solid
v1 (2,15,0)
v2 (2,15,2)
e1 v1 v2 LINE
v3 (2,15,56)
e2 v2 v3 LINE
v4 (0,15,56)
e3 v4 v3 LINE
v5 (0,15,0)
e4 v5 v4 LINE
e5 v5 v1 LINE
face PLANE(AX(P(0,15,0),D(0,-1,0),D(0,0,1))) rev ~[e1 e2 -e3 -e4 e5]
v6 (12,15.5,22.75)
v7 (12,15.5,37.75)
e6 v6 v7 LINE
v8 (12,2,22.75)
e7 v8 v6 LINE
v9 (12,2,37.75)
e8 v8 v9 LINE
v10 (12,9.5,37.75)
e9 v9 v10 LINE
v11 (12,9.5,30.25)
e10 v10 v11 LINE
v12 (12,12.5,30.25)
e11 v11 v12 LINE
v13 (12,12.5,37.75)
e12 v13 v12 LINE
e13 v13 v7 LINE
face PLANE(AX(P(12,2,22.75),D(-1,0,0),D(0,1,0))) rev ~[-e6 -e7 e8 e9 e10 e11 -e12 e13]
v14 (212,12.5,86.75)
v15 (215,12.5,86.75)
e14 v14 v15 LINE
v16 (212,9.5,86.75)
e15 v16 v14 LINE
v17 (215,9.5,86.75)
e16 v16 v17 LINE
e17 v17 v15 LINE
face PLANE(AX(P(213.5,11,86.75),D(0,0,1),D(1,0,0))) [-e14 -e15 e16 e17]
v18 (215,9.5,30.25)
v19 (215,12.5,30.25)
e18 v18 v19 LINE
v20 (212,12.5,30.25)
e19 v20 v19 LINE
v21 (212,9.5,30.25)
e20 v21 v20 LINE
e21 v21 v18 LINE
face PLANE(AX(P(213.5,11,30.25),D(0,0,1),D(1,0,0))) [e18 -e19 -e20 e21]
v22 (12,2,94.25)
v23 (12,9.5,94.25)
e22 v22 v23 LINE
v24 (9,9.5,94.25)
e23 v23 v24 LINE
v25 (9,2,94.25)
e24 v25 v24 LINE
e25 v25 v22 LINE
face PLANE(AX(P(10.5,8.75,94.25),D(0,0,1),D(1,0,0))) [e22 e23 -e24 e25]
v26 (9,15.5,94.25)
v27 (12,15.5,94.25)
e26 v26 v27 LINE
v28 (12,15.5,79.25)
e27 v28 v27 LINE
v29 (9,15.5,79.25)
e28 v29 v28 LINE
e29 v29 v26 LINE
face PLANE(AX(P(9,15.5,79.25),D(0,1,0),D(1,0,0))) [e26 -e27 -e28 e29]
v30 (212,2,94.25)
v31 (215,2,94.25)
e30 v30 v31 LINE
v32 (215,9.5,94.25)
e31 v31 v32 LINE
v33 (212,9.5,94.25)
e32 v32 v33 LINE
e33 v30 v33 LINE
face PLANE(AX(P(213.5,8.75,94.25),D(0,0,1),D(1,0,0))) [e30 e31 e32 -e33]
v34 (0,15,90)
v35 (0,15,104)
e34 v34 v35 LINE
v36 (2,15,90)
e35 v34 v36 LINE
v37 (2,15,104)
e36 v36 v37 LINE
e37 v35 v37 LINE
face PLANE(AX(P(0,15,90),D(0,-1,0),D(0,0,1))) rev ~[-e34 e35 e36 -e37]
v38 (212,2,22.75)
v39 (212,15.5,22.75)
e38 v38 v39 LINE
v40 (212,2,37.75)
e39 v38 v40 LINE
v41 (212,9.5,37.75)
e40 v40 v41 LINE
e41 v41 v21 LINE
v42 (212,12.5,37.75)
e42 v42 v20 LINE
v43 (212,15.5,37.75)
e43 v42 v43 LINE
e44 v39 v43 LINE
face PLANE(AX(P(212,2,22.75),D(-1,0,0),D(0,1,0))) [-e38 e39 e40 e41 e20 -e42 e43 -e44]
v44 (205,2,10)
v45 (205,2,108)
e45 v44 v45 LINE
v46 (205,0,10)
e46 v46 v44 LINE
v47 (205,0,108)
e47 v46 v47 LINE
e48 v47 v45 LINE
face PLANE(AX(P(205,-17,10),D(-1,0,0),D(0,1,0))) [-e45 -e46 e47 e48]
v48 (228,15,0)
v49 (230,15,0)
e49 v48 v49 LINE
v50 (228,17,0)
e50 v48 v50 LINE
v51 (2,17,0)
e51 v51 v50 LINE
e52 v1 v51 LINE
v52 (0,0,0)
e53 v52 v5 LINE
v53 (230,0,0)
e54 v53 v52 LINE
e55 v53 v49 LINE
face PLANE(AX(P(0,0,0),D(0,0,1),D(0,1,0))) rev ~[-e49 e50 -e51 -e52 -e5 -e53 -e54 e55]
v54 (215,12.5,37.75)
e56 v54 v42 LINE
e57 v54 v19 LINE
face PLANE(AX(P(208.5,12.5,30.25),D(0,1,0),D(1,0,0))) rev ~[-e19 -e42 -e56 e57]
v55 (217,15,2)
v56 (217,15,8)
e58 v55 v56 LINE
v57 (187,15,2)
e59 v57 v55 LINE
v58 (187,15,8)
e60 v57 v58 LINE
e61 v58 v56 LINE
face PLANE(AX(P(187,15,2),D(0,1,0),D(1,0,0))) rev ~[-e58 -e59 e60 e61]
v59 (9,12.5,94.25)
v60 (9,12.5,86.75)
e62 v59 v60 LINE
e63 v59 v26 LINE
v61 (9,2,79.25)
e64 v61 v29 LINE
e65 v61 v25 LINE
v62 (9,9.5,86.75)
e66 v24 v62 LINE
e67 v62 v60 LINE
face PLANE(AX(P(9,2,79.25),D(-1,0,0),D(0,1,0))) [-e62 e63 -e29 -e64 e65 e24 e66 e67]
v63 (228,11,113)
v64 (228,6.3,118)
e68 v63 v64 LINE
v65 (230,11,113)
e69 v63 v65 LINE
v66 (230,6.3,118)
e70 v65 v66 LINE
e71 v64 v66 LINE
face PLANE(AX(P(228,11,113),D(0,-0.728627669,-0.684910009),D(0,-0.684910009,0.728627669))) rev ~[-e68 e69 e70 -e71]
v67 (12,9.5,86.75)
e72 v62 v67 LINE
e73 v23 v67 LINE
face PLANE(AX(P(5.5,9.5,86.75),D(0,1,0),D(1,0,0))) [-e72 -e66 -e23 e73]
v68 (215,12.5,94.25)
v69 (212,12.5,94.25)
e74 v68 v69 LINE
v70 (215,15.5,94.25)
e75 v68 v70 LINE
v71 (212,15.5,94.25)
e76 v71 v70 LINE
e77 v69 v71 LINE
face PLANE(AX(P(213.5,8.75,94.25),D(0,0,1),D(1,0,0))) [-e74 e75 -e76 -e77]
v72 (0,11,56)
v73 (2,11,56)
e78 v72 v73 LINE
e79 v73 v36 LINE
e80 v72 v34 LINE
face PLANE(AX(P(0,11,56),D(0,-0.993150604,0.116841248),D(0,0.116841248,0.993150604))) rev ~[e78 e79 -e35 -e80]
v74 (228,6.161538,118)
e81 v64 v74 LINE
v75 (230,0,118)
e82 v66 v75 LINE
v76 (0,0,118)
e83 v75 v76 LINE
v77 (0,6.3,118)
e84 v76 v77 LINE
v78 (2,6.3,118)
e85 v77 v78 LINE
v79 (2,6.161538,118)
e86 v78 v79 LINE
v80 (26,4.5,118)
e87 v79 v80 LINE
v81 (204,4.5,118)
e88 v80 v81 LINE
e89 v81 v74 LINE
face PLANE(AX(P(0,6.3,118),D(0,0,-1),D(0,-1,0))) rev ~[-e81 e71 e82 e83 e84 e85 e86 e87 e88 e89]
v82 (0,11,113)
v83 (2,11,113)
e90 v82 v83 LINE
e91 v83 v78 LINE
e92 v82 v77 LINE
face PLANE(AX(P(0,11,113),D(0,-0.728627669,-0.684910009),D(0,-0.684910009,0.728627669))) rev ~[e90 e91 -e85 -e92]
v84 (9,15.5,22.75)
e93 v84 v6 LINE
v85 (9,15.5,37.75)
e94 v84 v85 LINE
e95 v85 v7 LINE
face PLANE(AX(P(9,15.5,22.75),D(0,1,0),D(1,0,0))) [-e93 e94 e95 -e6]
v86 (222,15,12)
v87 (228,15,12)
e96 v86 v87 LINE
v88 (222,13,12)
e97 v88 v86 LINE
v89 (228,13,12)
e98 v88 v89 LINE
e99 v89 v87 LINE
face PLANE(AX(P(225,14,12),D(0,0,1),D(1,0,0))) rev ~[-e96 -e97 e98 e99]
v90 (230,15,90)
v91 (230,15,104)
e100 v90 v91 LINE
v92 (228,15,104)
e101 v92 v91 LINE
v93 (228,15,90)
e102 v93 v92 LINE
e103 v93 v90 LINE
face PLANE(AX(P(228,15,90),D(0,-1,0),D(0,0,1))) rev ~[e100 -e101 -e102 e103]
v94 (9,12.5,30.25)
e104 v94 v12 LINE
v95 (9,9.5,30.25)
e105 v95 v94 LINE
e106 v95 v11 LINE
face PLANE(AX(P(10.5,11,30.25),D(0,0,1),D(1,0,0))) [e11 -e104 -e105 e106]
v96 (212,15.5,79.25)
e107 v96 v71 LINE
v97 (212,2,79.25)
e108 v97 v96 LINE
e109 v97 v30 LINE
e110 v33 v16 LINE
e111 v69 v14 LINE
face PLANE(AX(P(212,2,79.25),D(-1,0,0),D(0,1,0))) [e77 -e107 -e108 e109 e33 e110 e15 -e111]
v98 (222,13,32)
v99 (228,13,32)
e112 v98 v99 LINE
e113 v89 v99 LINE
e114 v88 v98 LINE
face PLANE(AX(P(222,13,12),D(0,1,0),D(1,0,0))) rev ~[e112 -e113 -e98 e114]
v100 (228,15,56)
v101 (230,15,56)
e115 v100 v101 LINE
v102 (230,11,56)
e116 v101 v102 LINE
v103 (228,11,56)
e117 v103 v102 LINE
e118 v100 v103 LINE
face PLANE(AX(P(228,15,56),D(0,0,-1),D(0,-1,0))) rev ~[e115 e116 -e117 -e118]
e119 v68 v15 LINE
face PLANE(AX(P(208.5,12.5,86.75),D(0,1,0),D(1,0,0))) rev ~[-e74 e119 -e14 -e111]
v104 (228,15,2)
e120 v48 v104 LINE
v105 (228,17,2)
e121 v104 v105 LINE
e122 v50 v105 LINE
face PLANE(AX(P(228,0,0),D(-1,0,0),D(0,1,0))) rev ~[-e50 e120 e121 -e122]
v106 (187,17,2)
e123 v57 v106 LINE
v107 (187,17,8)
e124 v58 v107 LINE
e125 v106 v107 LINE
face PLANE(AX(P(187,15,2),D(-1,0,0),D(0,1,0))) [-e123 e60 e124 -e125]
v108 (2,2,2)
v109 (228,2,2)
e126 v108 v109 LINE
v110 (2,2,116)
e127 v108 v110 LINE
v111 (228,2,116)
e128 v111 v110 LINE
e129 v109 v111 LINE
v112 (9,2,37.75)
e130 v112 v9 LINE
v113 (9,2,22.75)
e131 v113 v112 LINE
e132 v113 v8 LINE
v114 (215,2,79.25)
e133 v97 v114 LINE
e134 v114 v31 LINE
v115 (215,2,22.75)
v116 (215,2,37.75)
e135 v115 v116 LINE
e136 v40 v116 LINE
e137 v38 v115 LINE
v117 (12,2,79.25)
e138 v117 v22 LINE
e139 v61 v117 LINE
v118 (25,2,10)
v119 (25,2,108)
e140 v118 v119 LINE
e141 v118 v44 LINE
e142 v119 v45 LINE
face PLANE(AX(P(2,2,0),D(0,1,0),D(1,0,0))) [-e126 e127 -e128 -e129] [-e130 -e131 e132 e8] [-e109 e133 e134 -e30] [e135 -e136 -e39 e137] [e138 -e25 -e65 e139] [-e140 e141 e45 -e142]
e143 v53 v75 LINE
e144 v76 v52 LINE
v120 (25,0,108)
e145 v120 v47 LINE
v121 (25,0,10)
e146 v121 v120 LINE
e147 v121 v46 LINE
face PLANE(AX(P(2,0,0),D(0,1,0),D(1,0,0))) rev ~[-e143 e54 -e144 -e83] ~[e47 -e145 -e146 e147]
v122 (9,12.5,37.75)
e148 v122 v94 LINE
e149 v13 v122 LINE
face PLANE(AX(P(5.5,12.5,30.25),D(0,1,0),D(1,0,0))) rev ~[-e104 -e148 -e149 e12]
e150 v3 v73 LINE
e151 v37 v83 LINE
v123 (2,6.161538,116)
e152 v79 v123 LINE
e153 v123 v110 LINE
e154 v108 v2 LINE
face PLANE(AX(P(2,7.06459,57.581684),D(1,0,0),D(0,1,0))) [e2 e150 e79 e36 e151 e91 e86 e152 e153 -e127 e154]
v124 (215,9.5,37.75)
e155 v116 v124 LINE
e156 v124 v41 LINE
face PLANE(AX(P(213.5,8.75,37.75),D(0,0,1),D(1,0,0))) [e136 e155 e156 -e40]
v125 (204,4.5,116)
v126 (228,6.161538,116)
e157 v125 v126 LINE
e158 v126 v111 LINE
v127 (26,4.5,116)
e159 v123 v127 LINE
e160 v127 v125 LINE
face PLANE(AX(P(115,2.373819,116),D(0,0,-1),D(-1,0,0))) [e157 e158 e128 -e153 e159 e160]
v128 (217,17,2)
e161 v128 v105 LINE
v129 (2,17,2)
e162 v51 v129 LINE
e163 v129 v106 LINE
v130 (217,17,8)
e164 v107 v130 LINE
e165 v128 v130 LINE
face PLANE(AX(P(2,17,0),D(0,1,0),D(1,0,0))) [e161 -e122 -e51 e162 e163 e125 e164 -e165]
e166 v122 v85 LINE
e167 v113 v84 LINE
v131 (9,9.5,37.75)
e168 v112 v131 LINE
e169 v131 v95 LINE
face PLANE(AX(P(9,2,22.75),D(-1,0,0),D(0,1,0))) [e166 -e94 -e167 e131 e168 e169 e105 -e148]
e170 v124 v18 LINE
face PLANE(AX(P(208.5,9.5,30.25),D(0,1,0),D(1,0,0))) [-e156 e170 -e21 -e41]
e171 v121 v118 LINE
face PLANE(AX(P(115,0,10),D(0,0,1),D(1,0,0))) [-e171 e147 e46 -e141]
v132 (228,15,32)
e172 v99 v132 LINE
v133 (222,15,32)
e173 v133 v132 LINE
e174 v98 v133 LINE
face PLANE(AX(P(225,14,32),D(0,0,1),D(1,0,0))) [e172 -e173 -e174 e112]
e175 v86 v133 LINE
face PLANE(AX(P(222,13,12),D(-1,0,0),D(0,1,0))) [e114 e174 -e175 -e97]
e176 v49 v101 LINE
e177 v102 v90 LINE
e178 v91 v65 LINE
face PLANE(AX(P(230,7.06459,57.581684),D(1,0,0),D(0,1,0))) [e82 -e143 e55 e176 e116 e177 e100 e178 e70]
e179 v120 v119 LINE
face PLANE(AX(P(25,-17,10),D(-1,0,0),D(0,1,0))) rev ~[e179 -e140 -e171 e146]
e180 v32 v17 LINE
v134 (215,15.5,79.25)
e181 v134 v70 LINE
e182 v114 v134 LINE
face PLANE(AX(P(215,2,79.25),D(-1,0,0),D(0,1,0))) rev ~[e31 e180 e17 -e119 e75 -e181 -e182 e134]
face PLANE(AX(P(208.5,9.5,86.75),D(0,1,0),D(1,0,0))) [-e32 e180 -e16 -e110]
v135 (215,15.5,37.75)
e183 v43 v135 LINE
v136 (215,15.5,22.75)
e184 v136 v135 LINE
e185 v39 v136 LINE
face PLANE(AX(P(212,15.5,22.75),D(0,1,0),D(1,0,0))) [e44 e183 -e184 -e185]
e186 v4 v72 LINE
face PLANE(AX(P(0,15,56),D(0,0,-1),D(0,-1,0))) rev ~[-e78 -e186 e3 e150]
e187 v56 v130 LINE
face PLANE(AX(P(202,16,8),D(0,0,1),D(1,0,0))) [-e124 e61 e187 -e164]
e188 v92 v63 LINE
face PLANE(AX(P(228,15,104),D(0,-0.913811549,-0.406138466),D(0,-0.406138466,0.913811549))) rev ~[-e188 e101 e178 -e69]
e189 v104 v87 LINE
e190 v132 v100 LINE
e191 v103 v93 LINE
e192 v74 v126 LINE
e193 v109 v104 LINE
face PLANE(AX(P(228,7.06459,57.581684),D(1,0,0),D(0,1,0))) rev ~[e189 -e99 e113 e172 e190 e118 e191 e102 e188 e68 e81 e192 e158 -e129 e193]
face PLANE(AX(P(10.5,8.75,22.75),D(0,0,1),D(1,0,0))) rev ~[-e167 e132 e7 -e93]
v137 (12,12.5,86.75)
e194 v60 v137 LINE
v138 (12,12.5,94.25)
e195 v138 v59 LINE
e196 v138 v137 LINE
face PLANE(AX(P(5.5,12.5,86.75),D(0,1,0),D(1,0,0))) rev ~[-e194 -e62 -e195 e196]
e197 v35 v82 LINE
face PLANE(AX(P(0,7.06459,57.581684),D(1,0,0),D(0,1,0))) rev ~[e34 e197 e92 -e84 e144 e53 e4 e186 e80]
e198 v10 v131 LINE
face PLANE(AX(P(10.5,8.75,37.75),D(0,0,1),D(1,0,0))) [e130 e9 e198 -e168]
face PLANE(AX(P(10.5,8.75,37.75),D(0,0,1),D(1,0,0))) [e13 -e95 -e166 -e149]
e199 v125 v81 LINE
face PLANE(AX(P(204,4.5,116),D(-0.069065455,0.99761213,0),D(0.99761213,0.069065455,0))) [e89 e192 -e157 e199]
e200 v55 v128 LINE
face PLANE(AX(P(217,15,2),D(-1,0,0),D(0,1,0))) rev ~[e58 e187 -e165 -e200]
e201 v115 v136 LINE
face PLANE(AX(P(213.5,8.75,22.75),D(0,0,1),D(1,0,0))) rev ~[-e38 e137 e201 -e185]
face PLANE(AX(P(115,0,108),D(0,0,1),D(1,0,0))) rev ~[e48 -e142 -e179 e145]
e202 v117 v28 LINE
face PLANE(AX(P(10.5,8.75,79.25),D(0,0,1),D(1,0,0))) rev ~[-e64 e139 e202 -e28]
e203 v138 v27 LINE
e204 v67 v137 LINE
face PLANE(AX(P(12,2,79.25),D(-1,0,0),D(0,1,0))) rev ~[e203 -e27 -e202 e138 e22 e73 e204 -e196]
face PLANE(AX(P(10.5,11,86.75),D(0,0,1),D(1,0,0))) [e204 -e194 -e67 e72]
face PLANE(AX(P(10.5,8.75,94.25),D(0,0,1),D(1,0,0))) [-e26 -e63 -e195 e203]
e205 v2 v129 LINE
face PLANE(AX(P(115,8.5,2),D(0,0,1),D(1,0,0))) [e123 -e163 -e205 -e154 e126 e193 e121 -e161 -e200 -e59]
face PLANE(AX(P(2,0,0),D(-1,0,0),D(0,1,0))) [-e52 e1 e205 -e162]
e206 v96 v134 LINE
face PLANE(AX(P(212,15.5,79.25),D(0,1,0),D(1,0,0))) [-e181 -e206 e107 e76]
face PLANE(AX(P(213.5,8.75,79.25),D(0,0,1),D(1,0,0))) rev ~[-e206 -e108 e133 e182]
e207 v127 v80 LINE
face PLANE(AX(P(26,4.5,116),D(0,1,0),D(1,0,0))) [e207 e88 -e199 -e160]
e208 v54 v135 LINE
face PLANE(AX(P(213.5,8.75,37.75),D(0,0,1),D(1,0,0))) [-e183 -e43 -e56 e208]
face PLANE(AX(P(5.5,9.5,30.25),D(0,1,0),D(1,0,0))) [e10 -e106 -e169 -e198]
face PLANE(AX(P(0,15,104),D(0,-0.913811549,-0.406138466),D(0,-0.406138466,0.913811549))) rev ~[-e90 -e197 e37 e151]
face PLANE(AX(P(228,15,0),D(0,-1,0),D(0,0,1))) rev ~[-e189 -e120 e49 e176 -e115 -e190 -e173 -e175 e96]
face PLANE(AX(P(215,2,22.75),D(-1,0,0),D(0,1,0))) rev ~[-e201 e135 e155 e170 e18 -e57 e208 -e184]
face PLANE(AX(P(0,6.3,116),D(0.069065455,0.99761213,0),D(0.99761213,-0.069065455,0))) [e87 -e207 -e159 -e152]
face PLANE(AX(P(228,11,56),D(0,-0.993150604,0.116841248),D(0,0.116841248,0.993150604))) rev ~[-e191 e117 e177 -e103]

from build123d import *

# Parameters (mm, degrees)
EXTRUDE_DEPTH    = 2
EXTRUDE001_DEPTH = 2
EXTRUDE002_DEPTH = 2
BOX009_W         = 226
BOX009_H         = 17
BOX009_DEPTH     = 2
BOX015_W         = 10
BOX015_H         = 3
BOX015_DEPTH     = 10
BOX010_W         = 3
BOX010_H         = 13.5
BOX010_DEPTH     = 15
BOX022_W         = 30
BOX022_H         = 2
BOX022_DEPTH     = 6
BOX023_W         = 6
BOX023_H         = 2
BOX023_DEPTH     = 20
BOX001_W         = 180
BOX001_H         = 34
BOX001_DEPTH     = 98
BOX_W            = 226
BOX_H            = 2
BOX_DEPTH        = 118


with BuildPart() as top_thin_beam:
    # Sketch (on Sketch) → Extrude (new body)
    with BuildSketch(Plane.XY):
        Polygon((0, 0), (0, 6.3), (26, 4.5), (204, 4.5), (230, 6.3), (230, 0), align=None)
    extrude(amount=EXTRUDE_DEPTH)


with BuildPart() as top_thin_beam_1:
    # Extrude placement: moved
    add(top_thin_beam.part.moved(Location((0, 0, 116))))


with BuildPart() as rightverticalcontour:
    # Sketch001 → Extrude001 (new body)
    with BuildSketch(Plane.YZ):
        Polygon((0, 0), (15, 0), (15, 56), (11, 56), (15, 90), (15, 104), (11, 113), (6.3, 118), (0, 118), align=None)
    extrude(amount=EXTRUDE001_DEPTH)


with BuildPart() as rightverticalcontour_1:
    # Extrude001 placement: moved
    add(rightverticalcontour.part.moved(Location((228, 0, 0))))


with BuildPart() as lefttverticalcontour:
    # Sketch002 → Extrude002 (new body)
    with BuildSketch(Plane.YZ):
        Polygon((0, 0), (15, 0), (15, 56), (11, 56), (15, 90), (15, 104), (11, 113), (6.3, 118), (0, 118), align=None)
    extrude(amount=EXTRUDE002_DEPTH)


with BuildPart() as bottom:
    # Box009 → Box009 (new body)
    with BuildSketch(Plane(origin=(2, 0, 0), x_dir=(1, 0, 0), z_dir=(0, 0, 1))):
        with Locations((113, 8.5)):
            Rectangle(BOX009_W, BOX009_H)
    extrude(amount=BOX009_DEPTH)


with BuildPart() as slot:
    # Box015 → Box015 (new body)
    with BuildSketch(Plane(origin=(-3.5, 7.5, 7.5), x_dir=(1, 0, 0), z_dir=(0, 0, 1))):
        with Locations((5, 1.5)):
            Rectangle(BOX015_W, BOX015_H)
    extrude(amount=BOX015_DEPTH)


with BuildPart() as base:
    # Box010 → Box010 (new body)
    with BuildSketch(Plane.XY):
        with Locations((1.5, 6.75)):
            Rectangle(BOX010_W, BOX010_H)
    extrude(amount=BOX010_DEPTH)


with BuildPart() as topleftbacksupport:
    # Cut001 base: copy of base
    add(base.part)

    # Cut001: cut slot
    add(slot.part, mode=Mode.SUBTRACT)


with BuildPart() as topleftbacksupport_1:
    # Cut001 placement: moved
    add(topleftbacksupport.part.moved(Location((9, 2, 79.25))))


with BuildPart() as bottomleftbacksupport:
    # Cut002 base: copy of base
    add(base.part)

    # Cut002: cut slot
    add(slot.part, mode=Mode.SUBTRACT)


with BuildPart() as bottomleftbacksupport_1:
    # Cut002 placement: moved
    add(bottomleftbacksupport.part.moved(Location((9, 2, 22.75))))


with BuildPart() as bottomrightbacksupport:
    # Cut003 base: copy of base
    add(base.part)

    # Cut003: cut slot
    add(slot.part, mode=Mode.SUBTRACT)


with BuildPart() as bottomrightbacksupport_1:
    # Cut003 placement: moved
    add(bottomrightbacksupport.part.moved(Location((212, 2, 22.75))))


with BuildPart() as toprightbacksupport:
    # Cut004 base: copy of base
    add(base.part)

    # Cut004: cut slot
    add(slot.part, mode=Mode.SUBTRACT)


with BuildPart() as toprightbacksupport_1:
    # Cut004 placement: moved
    add(toprightbacksupport.part.moved(Location((212, 2, 79.25))))


with BuildPart() as bottomcableguard:
    # Box022 → Box022 (new body)
    with BuildSketch(Plane(origin=(187, 15, 2), x_dir=(1, 0, 0), z_dir=(0, 0, 1))):
        with Locations((15, 1)):
            Rectangle(BOX022_W, BOX022_H)
    extrude(amount=BOX022_DEPTH)


with BuildPart() as sidecableguard:
    # Box023 → Box023 (new body)
    with BuildSketch(Plane(origin=(222, 13, 12), x_dir=(1, 0, 0), z_dir=(0, 0, 1))):
        with Locations((3, 1)):
            Rectangle(BOX023_W, BOX023_H)
    extrude(amount=BOX023_DEPTH)


with BuildPart() as cube001:
    # Box001 → Box001 (new body)
    with BuildSketch(Plane(origin=(25, -17, 10), x_dir=(1, 0, 0), z_dir=(0, 0, 1))):
        with Locations((90, 17)):
            Rectangle(BOX001_W, BOX001_H)
    extrude(amount=BOX001_DEPTH)


with BuildPart() as fusion:
    # Box → Box (new body)
    with BuildSketch(Plane(origin=(2, 0, 0), x_dir=(1, 0, 0), z_dir=(0, 0, 1))):
        with Locations((113, 1)):
            Rectangle(BOX_W, BOX_H)
    extrude(amount=BOX_DEPTH)

    # Cut: cut Cube001
    add(cube001.part, mode=Mode.SUBTRACT)

    # Fusion: union Top Thin Beam, RightVerticalContour, LefttVerticalContour, Bottom, TopLeftBackSupport, BottomLeftBackSupport, BottomRightBackSupport, TopRightBackSupport, BottomCableGuard, SideCableGuard
    add(top_thin_beam_1.part)
    add(rightverticalcontour_1.part)
    add(lefttverticalcontour.part)
    add(bottom.part)
    add(topleftbacksupport_1.part)
    add(bottomleftbacksupport_1.part)
    add(bottomrightbacksupport_1.part)
    add(toprightbacksupport_1.part)
    add(bottomcableguard.part)
    add(sidecableguard.part)


solid = fusion.part
